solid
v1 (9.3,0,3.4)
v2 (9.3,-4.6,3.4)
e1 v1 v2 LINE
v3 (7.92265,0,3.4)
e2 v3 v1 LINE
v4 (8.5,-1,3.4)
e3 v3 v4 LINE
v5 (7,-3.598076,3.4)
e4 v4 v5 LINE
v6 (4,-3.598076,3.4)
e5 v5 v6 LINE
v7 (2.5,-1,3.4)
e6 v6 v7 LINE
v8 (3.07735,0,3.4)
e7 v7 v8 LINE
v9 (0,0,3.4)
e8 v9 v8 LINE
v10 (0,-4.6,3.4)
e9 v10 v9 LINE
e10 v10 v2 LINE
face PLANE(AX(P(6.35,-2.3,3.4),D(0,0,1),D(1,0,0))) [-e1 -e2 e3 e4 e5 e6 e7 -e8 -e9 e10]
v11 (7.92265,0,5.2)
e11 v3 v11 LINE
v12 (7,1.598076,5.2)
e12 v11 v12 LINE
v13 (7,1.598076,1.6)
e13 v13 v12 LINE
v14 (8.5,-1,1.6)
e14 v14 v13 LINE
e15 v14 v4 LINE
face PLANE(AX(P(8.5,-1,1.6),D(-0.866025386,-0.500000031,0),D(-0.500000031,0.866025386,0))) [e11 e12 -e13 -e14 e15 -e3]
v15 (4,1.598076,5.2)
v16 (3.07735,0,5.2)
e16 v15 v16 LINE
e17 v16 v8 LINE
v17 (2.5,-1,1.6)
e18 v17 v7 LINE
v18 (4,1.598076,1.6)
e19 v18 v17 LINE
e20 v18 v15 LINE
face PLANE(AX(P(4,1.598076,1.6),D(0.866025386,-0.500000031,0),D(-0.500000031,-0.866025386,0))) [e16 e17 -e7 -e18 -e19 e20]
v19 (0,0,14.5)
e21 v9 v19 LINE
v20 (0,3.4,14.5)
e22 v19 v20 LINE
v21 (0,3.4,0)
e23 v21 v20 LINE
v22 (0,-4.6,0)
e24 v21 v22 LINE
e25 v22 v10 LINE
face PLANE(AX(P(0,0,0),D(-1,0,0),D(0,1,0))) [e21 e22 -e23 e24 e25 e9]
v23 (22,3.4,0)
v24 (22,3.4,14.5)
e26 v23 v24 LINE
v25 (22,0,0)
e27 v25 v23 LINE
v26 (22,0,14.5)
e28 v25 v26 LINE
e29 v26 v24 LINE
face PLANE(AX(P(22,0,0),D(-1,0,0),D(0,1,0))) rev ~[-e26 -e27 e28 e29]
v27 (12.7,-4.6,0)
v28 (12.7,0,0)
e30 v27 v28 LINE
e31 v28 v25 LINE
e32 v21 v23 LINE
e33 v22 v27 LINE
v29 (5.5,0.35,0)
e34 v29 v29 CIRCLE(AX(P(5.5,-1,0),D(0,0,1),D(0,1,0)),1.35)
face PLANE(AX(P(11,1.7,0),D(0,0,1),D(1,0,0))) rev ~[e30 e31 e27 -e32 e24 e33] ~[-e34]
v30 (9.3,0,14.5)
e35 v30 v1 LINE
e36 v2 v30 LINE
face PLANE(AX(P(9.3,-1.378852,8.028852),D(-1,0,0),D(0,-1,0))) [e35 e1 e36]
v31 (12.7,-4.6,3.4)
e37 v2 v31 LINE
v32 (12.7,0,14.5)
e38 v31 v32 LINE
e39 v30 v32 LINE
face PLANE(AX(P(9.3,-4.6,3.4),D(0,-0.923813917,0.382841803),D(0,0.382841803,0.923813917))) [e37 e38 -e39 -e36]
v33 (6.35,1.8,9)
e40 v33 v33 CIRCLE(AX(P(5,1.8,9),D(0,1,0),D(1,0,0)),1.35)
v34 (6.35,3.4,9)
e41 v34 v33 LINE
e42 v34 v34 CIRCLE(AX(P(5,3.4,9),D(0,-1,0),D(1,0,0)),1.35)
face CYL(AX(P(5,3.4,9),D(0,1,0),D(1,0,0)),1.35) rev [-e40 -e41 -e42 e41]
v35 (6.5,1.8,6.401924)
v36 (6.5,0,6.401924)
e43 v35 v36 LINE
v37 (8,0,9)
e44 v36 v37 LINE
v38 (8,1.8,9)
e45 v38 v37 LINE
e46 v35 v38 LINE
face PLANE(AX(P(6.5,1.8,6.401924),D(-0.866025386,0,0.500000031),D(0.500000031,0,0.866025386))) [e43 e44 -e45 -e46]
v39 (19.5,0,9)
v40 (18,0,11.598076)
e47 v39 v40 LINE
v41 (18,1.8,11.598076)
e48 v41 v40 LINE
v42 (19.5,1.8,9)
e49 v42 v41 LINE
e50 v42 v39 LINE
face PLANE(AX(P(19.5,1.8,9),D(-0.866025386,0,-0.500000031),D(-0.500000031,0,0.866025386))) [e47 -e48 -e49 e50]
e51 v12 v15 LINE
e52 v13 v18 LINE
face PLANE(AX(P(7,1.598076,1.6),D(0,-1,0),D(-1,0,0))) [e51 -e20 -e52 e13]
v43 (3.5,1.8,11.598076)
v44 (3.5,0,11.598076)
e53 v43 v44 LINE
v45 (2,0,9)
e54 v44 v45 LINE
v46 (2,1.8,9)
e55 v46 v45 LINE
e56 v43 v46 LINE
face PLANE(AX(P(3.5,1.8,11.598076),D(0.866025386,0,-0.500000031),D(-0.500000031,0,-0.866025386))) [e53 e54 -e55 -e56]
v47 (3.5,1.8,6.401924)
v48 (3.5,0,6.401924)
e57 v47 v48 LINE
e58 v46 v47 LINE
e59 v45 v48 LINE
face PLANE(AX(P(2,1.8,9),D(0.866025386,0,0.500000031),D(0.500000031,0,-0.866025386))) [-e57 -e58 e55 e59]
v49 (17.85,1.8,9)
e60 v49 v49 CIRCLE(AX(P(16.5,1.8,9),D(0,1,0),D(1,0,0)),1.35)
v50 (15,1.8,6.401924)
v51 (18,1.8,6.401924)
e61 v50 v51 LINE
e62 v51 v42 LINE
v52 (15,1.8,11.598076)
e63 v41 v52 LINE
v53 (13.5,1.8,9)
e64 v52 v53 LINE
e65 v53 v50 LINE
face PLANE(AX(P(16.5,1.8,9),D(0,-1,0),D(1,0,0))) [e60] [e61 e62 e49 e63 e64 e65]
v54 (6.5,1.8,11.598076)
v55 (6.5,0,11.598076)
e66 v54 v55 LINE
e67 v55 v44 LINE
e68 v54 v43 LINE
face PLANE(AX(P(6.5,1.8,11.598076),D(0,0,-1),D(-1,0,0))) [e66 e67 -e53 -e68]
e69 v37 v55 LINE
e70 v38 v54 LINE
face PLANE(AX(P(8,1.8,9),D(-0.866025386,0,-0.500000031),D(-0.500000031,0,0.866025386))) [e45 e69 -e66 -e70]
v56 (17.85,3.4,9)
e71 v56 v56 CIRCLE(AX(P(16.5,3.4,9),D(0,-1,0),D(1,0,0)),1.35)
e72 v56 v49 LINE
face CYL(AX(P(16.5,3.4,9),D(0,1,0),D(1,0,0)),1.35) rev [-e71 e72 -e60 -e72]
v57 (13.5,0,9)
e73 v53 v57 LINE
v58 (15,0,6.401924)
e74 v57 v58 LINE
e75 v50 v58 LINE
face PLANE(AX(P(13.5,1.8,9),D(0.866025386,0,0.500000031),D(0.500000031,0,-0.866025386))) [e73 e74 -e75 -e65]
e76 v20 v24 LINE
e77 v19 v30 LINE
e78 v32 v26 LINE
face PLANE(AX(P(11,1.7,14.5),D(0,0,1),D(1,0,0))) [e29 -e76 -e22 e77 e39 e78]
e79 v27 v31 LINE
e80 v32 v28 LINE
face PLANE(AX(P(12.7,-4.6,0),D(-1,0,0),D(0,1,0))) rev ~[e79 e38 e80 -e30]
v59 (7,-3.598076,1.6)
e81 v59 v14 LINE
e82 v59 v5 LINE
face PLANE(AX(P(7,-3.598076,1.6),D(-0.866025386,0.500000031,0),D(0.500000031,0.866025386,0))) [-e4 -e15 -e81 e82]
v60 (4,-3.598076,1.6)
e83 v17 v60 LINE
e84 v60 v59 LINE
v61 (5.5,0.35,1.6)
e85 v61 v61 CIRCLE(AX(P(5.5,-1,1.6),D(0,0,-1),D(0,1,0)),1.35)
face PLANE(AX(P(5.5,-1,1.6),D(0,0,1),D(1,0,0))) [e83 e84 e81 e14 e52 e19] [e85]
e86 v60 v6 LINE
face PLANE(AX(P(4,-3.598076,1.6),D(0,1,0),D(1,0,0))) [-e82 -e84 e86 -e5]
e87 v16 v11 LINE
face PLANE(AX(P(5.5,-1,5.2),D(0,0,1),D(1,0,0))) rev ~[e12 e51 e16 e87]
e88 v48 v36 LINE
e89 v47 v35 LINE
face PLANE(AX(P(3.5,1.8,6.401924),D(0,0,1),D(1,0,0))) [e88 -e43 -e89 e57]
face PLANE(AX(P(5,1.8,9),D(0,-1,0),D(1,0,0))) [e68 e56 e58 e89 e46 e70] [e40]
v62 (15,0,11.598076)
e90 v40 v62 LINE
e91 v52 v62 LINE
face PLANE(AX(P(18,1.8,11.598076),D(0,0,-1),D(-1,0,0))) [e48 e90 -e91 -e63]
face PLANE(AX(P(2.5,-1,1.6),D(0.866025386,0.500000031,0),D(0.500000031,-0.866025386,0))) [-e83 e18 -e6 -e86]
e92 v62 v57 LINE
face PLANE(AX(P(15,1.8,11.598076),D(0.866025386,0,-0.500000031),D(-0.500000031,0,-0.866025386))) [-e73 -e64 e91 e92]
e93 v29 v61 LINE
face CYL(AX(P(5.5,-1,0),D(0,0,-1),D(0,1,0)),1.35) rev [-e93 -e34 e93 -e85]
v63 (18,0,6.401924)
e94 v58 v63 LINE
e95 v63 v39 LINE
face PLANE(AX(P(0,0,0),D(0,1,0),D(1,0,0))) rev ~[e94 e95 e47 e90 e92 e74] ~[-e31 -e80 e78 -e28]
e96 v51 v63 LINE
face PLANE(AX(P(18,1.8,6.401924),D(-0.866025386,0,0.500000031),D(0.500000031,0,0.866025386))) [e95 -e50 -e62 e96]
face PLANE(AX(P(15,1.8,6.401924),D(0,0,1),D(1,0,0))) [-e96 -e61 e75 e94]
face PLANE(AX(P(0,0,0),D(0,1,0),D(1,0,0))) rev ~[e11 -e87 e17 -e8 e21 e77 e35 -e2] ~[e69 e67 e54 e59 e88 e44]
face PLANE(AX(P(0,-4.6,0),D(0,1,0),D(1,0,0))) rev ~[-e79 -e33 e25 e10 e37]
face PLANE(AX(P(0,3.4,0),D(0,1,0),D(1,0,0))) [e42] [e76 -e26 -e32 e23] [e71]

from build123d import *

# Parameters (mm, degrees)
EXTRUDE003_DEPTH  = 3.6
CYLINDER002_R     = 1.35
CYLINDER002_DEPTH = 3.4
EXTRUDE002_DEPTH  = 1.8
CYLINDER003_R     = 1.35
CYLINDER003_DEPTH = 3.4
EXTRUDE001_DEPTH  = 1.8
CYLINDER_R        = 1.35
CYLINDER_DEPTH    = 3.4
BOX_W             = 22
BOX_H             = 3.4
BOX_DEPTH         = 14.5
BOX001_W          = 12.7
BOX001_H          = 4.6
BOX001_DEPTH      = 3.4
EXTRUDE_DEPTH     = 3.4


with BuildPart() as extrude003:
    # Sketch003 → Extrude003 (new body)
    with BuildSketch(Plane(origin=(5.5, -1, 1.6), x_dir=(1, 0, 0), z_dir=(0, 0, 1))):
        Polygon((3, 0), (1.5, 2.598076), (-1.5, 2.598076), (-3, 0), (-1.5, -2.598076), (1.5, -2.598076), align=None)
    extrude(amount=EXTRUDE003_DEPTH)


with BuildPart() as hole03:
    # Cylinder002 → Cylinder002 (new body)
    with BuildSketch(Plane(origin=(5.5, -1, 0), x_dir=(0, 1, 0), z_dir=(0, 0, 1))):
        Circle(CYLINDER002_R)
    extrude(amount=CYLINDER002_DEPTH)

    # Fusion002: union Extrude003
    add(extrude003.part)


with BuildPart() as extrude002:
    # Sketch002 → Extrude002 (new body)
    with BuildSketch(Plane(origin=(16.5, 1.8, 9), x_dir=(1, 0, 0), z_dir=(0, -1, 0))):
        Polygon((3, 0), (1.5, 2.598076), (-1.5, 2.598076), (-3, 0), (-1.5, -2.598076), (1.5, -2.598076), align=None)
    extrude(amount=EXTRUDE002_DEPTH)


with BuildPart() as hole02:
    # Cylinder003 → Cylinder003 (new body)
    with BuildSketch(Plane(origin=(16.5, 3.4, 9), x_dir=(1, 0, 0), z_dir=(0, -1, 0))):
        Circle(CYLINDER003_R)
    extrude(amount=CYLINDER003_DEPTH)

    # Fusion001: union Extrude002
    add(extrude002.part)


with BuildPart() as extrude001:
    # Sketch001 → Extrude001 (new body)
    with BuildSketch(Plane(origin=(5, 1.8, 9), x_dir=(1, 0, 0), z_dir=(0, -1, 0))):
        Polygon((3, 0), (1.5, 2.598076), (-1.5, 2.598076), (-3, 0), (-1.5, -2.598076), (1.5, -2.598076), align=None)
    extrude(amount=EXTRUDE001_DEPTH)


with BuildPart() as hole01:
    # Cylinder → Cylinder (new body)
    with BuildSketch(Plane(origin=(5, 3.4, 9), x_dir=(1, 0, 0), z_dir=(0, -1, 0))):
        Circle(CYLINDER_R)
    extrude(amount=CYLINDER_DEPTH)

    # Fusion: union Extrude001
    add(extrude001.part)


with BuildPart() as cut001:
    # Box → Box (new body)
    with BuildSketch(Plane.XY):
        with Locations((11, 1.7)):
            Rectangle(BOX_W, BOX_H)
    extrude(amount=BOX_DEPTH)

    # Cut: cut Hole01
    add(hole01.part, mode=Mode.SUBTRACT)

    # Cut001: cut Hole02
    add(hole02.part, mode=Mode.SUBTRACT)


with BuildPart() as cut002:
    # Box001 → Box001 (new body)
    with BuildSketch(Plane(origin=(0, -4.6, 0), x_dir=(1, 0, 0), z_dir=(0, 0, 1))):
        with Locations((6.35, 2.3)):
            Rectangle(BOX001_W, BOX001_H)
    extrude(amount=BOX001_DEPTH)

    # Fusion003: union Cut001
    add(cut001.part)

    # Cut002: cut Hole03
    add(hole03.part, mode=Mode.SUBTRACT)


with BuildPart() as left_hand_bracket:
    # Sketch → Extrude (new body)
    with BuildSketch(Plane(origin=(0, 0, 3.4), x_dir=(0, 1, 0), z_dir=(1, 0, 0))):
        Polygon((0, 11.1), (0, 0), (-4.6, 0), align=None)
    extrude(amount=EXTRUDE_DEPTH)


with BuildPart() as left_hand_bracket_1:
    # Extrude placement: moved
    add(left_hand_bracket.part.moved(Location((9.3, 0, 0))))

    # Fusion004: union Cut002
    add(cut002.part)


solid = left_hand_bracket_1.part
